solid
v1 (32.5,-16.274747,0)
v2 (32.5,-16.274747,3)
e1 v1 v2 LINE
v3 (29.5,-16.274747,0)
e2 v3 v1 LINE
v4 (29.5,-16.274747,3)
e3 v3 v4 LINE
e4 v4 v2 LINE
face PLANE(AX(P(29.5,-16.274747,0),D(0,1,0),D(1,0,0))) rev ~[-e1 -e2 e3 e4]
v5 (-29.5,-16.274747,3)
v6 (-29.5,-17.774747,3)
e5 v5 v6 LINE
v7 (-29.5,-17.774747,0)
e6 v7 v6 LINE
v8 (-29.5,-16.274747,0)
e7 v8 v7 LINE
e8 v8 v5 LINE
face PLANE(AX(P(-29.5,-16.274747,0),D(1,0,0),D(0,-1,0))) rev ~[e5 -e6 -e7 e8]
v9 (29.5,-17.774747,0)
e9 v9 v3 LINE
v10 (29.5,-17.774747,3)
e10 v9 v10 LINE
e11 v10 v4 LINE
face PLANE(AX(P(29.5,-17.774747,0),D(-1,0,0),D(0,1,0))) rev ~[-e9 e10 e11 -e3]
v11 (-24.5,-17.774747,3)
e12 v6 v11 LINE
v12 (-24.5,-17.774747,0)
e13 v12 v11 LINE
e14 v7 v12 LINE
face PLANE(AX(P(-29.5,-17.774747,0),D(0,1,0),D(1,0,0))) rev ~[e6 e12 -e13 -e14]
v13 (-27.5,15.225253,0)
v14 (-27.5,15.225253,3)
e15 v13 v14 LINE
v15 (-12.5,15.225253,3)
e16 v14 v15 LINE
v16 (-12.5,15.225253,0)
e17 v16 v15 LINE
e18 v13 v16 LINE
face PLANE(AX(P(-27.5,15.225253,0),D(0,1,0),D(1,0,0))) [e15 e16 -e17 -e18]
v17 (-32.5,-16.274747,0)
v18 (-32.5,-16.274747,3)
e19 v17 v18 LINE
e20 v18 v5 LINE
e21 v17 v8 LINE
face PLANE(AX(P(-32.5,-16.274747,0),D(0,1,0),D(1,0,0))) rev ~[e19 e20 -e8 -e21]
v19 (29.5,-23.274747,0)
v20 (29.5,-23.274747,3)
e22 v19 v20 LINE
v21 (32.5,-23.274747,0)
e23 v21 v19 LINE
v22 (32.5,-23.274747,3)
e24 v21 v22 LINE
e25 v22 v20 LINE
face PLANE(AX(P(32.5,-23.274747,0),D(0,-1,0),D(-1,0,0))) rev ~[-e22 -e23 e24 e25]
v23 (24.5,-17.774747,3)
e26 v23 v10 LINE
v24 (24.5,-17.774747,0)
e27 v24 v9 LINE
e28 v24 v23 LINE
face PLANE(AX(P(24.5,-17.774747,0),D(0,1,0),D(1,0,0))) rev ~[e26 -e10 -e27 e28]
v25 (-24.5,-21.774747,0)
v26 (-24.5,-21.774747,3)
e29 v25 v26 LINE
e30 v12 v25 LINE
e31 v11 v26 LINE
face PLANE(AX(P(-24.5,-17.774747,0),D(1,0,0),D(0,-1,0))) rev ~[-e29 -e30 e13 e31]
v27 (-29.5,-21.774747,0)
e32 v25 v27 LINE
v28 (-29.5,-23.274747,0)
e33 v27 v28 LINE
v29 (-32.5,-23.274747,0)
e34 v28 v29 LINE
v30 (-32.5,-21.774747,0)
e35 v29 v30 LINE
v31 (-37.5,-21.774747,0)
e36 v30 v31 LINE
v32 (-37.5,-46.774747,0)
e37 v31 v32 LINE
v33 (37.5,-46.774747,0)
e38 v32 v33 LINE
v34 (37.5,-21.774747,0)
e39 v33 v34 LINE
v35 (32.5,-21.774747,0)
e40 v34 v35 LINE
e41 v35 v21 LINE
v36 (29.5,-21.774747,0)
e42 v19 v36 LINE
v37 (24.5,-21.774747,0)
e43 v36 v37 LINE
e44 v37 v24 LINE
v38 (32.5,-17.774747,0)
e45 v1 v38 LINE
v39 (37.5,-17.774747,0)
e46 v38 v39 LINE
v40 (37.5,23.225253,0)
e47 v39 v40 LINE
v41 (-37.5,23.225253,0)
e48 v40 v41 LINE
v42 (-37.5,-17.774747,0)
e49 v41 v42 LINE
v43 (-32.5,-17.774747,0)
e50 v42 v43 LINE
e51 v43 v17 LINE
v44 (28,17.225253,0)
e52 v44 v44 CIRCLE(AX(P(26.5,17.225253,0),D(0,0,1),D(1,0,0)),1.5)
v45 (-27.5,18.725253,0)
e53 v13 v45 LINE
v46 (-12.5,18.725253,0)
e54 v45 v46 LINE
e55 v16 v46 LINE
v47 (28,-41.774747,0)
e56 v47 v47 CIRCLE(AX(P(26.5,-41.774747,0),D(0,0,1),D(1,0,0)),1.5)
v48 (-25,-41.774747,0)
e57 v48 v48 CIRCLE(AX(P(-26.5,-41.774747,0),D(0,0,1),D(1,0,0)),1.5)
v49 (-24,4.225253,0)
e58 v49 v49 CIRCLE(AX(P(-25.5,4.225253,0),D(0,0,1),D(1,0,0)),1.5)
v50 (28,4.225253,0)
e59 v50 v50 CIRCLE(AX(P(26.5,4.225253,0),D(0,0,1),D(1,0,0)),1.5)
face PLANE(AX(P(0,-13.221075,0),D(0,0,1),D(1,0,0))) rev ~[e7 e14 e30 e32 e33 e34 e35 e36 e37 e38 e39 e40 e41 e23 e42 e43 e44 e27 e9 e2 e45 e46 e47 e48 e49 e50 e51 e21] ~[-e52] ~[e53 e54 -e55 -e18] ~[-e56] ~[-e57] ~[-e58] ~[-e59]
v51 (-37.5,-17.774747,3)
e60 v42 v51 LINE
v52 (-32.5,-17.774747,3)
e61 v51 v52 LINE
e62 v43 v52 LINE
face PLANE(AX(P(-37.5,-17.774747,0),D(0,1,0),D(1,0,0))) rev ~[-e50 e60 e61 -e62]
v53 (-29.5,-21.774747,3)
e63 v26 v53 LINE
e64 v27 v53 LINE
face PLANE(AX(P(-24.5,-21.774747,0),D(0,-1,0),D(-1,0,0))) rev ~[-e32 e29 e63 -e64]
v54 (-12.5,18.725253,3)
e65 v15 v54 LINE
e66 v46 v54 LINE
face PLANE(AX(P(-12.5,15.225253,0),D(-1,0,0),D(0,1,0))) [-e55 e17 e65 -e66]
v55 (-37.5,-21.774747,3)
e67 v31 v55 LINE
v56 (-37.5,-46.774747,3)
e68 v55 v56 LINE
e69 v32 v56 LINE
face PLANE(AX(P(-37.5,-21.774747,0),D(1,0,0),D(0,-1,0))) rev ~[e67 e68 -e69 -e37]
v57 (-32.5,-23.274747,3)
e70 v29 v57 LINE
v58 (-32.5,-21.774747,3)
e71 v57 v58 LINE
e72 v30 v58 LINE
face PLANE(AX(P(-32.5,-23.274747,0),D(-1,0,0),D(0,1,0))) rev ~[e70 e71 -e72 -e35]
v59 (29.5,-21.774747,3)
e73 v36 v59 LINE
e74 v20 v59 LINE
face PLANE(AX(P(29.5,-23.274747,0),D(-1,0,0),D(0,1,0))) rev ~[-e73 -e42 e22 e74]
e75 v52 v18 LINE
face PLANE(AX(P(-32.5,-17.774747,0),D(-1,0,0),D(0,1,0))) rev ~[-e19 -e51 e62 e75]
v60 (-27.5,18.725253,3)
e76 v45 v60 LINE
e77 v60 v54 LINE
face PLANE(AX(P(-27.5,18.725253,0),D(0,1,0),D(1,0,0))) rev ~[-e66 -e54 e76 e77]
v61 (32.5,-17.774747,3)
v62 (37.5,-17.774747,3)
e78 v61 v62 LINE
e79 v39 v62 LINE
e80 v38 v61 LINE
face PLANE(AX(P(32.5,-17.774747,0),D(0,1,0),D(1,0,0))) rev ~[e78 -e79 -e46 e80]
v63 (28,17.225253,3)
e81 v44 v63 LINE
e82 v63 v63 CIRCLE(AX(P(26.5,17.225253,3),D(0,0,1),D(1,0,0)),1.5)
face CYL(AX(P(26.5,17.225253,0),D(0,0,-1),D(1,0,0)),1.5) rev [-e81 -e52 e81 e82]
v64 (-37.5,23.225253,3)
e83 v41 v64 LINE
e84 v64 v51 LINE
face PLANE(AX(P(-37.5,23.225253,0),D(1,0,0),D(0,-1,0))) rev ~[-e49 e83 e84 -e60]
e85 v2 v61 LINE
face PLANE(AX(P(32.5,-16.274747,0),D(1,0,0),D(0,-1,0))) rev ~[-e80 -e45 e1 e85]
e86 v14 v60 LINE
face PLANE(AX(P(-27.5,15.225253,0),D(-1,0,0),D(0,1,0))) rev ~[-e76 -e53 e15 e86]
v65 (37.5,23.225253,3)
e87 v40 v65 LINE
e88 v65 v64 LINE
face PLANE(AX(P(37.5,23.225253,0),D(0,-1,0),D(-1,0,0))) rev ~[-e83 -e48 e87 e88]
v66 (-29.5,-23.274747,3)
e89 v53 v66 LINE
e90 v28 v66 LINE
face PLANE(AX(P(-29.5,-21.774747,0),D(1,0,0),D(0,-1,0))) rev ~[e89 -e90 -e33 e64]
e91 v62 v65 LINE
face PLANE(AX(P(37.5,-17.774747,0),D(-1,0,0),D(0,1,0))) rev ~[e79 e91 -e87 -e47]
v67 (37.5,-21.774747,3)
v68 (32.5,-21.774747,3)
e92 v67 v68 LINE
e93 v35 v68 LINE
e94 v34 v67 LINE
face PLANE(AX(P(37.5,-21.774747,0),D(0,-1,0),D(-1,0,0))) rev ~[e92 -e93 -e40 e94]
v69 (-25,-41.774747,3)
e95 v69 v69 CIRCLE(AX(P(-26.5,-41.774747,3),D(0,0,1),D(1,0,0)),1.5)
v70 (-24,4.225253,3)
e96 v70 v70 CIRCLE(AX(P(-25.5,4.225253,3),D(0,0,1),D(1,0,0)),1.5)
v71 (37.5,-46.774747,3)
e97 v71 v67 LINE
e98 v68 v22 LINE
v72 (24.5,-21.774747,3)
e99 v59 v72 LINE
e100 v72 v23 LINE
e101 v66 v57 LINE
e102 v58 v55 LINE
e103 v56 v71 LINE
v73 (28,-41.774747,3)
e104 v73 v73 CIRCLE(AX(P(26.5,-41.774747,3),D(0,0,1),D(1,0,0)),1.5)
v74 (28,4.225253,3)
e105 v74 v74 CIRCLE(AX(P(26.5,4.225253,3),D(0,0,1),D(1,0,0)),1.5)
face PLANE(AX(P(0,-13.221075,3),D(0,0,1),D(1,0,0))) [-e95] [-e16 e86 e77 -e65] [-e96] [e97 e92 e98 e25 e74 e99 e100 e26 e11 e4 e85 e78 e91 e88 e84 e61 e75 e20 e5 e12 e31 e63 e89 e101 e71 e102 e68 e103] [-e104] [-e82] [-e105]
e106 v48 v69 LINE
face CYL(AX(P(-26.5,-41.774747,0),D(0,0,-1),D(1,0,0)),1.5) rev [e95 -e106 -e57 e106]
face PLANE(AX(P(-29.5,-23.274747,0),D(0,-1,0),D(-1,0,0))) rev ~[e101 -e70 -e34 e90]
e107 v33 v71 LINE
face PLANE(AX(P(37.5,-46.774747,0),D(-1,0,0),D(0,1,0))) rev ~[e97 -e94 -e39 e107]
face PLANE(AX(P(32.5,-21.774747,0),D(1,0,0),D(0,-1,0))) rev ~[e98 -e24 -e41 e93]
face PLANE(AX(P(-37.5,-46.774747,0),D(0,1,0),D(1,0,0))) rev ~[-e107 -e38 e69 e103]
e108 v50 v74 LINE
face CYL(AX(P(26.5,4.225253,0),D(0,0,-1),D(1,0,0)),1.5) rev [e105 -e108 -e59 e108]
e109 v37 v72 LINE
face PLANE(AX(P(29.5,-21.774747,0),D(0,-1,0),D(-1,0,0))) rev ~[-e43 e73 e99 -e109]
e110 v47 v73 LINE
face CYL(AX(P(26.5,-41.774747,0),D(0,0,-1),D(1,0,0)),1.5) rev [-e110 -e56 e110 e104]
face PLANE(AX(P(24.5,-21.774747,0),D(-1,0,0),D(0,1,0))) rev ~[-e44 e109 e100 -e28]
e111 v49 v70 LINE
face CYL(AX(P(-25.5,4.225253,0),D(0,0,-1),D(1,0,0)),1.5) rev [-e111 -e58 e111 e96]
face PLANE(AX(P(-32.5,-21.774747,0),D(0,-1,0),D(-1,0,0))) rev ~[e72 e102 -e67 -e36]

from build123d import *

# Parameters (mm, degrees)
ESQUISSE1_R        = 1.5
ESQUISSE1_W        = 15
ESQUISSE1_H        = 3.5
BOSS_EXTRU_1_DEPTH = 3


with BuildPart() as part:
    # Esquisse1 → Boss.-Extru.1 (new body)
    with BuildSketch(Plane.XY):
        Polygon((-37.5, -21.774747117), (-37.5, -46.774747117), (37.5, -46.774747117), (37.5, -21.774747117), (32.5, -21.774747117), (32.5, -23.274747117), (29.5, -23.274747117), (29.5, -21.774747117), (24.5, -21.774747117), (24.5, -17.774747117), (29.5, -17.774747117), (29.5, -16.274747117), (32.5, -16.274747117), (32.5, -17.774747117), (37.5, -17.774747117), (37.5, 23.225252883), (-37.5, 23.225252883), (-37.5, -17.774747117), (-32.5, -17.774747117), (-32.5, -16.274747117), (-29.5, -16.274747117), (-29.5, -17.774747117), (-24.5, -17.774747117), (-24.5, -21.774747117), (-29.5, -21.774747117), (-29.5, -23.274747117), (-32.5, -23.274747117), (-32.5, -21.774747117), align=None)
        with Locations((-26.5, -41.774747117)):
            Circle(ESQUISSE1_R, mode=Mode.SUBTRACT)
        with Locations((26.5, -41.774747117)):
            Circle(ESQUISSE1_R, mode=Mode.SUBTRACT)
        with Locations((-25.5, 4.225252883)):
            Circle(ESQUISSE1_R, mode=Mode.SUBTRACT)
        with Locations((-20, 16.975252883)):
            Rectangle(ESQUISSE1_W, ESQUISSE1_H, mode=Mode.SUBTRACT)
        with Locations((26.5, 4.225252883)):
            Circle(ESQUISSE1_R, mode=Mode.SUBTRACT)
        with Locations((26.5, 17.225252883)):
            Circle(ESQUISSE1_R, mode=Mode.SUBTRACT)
    extrude(amount=BOSS_EXTRU_1_DEPTH)


solid = part.part
